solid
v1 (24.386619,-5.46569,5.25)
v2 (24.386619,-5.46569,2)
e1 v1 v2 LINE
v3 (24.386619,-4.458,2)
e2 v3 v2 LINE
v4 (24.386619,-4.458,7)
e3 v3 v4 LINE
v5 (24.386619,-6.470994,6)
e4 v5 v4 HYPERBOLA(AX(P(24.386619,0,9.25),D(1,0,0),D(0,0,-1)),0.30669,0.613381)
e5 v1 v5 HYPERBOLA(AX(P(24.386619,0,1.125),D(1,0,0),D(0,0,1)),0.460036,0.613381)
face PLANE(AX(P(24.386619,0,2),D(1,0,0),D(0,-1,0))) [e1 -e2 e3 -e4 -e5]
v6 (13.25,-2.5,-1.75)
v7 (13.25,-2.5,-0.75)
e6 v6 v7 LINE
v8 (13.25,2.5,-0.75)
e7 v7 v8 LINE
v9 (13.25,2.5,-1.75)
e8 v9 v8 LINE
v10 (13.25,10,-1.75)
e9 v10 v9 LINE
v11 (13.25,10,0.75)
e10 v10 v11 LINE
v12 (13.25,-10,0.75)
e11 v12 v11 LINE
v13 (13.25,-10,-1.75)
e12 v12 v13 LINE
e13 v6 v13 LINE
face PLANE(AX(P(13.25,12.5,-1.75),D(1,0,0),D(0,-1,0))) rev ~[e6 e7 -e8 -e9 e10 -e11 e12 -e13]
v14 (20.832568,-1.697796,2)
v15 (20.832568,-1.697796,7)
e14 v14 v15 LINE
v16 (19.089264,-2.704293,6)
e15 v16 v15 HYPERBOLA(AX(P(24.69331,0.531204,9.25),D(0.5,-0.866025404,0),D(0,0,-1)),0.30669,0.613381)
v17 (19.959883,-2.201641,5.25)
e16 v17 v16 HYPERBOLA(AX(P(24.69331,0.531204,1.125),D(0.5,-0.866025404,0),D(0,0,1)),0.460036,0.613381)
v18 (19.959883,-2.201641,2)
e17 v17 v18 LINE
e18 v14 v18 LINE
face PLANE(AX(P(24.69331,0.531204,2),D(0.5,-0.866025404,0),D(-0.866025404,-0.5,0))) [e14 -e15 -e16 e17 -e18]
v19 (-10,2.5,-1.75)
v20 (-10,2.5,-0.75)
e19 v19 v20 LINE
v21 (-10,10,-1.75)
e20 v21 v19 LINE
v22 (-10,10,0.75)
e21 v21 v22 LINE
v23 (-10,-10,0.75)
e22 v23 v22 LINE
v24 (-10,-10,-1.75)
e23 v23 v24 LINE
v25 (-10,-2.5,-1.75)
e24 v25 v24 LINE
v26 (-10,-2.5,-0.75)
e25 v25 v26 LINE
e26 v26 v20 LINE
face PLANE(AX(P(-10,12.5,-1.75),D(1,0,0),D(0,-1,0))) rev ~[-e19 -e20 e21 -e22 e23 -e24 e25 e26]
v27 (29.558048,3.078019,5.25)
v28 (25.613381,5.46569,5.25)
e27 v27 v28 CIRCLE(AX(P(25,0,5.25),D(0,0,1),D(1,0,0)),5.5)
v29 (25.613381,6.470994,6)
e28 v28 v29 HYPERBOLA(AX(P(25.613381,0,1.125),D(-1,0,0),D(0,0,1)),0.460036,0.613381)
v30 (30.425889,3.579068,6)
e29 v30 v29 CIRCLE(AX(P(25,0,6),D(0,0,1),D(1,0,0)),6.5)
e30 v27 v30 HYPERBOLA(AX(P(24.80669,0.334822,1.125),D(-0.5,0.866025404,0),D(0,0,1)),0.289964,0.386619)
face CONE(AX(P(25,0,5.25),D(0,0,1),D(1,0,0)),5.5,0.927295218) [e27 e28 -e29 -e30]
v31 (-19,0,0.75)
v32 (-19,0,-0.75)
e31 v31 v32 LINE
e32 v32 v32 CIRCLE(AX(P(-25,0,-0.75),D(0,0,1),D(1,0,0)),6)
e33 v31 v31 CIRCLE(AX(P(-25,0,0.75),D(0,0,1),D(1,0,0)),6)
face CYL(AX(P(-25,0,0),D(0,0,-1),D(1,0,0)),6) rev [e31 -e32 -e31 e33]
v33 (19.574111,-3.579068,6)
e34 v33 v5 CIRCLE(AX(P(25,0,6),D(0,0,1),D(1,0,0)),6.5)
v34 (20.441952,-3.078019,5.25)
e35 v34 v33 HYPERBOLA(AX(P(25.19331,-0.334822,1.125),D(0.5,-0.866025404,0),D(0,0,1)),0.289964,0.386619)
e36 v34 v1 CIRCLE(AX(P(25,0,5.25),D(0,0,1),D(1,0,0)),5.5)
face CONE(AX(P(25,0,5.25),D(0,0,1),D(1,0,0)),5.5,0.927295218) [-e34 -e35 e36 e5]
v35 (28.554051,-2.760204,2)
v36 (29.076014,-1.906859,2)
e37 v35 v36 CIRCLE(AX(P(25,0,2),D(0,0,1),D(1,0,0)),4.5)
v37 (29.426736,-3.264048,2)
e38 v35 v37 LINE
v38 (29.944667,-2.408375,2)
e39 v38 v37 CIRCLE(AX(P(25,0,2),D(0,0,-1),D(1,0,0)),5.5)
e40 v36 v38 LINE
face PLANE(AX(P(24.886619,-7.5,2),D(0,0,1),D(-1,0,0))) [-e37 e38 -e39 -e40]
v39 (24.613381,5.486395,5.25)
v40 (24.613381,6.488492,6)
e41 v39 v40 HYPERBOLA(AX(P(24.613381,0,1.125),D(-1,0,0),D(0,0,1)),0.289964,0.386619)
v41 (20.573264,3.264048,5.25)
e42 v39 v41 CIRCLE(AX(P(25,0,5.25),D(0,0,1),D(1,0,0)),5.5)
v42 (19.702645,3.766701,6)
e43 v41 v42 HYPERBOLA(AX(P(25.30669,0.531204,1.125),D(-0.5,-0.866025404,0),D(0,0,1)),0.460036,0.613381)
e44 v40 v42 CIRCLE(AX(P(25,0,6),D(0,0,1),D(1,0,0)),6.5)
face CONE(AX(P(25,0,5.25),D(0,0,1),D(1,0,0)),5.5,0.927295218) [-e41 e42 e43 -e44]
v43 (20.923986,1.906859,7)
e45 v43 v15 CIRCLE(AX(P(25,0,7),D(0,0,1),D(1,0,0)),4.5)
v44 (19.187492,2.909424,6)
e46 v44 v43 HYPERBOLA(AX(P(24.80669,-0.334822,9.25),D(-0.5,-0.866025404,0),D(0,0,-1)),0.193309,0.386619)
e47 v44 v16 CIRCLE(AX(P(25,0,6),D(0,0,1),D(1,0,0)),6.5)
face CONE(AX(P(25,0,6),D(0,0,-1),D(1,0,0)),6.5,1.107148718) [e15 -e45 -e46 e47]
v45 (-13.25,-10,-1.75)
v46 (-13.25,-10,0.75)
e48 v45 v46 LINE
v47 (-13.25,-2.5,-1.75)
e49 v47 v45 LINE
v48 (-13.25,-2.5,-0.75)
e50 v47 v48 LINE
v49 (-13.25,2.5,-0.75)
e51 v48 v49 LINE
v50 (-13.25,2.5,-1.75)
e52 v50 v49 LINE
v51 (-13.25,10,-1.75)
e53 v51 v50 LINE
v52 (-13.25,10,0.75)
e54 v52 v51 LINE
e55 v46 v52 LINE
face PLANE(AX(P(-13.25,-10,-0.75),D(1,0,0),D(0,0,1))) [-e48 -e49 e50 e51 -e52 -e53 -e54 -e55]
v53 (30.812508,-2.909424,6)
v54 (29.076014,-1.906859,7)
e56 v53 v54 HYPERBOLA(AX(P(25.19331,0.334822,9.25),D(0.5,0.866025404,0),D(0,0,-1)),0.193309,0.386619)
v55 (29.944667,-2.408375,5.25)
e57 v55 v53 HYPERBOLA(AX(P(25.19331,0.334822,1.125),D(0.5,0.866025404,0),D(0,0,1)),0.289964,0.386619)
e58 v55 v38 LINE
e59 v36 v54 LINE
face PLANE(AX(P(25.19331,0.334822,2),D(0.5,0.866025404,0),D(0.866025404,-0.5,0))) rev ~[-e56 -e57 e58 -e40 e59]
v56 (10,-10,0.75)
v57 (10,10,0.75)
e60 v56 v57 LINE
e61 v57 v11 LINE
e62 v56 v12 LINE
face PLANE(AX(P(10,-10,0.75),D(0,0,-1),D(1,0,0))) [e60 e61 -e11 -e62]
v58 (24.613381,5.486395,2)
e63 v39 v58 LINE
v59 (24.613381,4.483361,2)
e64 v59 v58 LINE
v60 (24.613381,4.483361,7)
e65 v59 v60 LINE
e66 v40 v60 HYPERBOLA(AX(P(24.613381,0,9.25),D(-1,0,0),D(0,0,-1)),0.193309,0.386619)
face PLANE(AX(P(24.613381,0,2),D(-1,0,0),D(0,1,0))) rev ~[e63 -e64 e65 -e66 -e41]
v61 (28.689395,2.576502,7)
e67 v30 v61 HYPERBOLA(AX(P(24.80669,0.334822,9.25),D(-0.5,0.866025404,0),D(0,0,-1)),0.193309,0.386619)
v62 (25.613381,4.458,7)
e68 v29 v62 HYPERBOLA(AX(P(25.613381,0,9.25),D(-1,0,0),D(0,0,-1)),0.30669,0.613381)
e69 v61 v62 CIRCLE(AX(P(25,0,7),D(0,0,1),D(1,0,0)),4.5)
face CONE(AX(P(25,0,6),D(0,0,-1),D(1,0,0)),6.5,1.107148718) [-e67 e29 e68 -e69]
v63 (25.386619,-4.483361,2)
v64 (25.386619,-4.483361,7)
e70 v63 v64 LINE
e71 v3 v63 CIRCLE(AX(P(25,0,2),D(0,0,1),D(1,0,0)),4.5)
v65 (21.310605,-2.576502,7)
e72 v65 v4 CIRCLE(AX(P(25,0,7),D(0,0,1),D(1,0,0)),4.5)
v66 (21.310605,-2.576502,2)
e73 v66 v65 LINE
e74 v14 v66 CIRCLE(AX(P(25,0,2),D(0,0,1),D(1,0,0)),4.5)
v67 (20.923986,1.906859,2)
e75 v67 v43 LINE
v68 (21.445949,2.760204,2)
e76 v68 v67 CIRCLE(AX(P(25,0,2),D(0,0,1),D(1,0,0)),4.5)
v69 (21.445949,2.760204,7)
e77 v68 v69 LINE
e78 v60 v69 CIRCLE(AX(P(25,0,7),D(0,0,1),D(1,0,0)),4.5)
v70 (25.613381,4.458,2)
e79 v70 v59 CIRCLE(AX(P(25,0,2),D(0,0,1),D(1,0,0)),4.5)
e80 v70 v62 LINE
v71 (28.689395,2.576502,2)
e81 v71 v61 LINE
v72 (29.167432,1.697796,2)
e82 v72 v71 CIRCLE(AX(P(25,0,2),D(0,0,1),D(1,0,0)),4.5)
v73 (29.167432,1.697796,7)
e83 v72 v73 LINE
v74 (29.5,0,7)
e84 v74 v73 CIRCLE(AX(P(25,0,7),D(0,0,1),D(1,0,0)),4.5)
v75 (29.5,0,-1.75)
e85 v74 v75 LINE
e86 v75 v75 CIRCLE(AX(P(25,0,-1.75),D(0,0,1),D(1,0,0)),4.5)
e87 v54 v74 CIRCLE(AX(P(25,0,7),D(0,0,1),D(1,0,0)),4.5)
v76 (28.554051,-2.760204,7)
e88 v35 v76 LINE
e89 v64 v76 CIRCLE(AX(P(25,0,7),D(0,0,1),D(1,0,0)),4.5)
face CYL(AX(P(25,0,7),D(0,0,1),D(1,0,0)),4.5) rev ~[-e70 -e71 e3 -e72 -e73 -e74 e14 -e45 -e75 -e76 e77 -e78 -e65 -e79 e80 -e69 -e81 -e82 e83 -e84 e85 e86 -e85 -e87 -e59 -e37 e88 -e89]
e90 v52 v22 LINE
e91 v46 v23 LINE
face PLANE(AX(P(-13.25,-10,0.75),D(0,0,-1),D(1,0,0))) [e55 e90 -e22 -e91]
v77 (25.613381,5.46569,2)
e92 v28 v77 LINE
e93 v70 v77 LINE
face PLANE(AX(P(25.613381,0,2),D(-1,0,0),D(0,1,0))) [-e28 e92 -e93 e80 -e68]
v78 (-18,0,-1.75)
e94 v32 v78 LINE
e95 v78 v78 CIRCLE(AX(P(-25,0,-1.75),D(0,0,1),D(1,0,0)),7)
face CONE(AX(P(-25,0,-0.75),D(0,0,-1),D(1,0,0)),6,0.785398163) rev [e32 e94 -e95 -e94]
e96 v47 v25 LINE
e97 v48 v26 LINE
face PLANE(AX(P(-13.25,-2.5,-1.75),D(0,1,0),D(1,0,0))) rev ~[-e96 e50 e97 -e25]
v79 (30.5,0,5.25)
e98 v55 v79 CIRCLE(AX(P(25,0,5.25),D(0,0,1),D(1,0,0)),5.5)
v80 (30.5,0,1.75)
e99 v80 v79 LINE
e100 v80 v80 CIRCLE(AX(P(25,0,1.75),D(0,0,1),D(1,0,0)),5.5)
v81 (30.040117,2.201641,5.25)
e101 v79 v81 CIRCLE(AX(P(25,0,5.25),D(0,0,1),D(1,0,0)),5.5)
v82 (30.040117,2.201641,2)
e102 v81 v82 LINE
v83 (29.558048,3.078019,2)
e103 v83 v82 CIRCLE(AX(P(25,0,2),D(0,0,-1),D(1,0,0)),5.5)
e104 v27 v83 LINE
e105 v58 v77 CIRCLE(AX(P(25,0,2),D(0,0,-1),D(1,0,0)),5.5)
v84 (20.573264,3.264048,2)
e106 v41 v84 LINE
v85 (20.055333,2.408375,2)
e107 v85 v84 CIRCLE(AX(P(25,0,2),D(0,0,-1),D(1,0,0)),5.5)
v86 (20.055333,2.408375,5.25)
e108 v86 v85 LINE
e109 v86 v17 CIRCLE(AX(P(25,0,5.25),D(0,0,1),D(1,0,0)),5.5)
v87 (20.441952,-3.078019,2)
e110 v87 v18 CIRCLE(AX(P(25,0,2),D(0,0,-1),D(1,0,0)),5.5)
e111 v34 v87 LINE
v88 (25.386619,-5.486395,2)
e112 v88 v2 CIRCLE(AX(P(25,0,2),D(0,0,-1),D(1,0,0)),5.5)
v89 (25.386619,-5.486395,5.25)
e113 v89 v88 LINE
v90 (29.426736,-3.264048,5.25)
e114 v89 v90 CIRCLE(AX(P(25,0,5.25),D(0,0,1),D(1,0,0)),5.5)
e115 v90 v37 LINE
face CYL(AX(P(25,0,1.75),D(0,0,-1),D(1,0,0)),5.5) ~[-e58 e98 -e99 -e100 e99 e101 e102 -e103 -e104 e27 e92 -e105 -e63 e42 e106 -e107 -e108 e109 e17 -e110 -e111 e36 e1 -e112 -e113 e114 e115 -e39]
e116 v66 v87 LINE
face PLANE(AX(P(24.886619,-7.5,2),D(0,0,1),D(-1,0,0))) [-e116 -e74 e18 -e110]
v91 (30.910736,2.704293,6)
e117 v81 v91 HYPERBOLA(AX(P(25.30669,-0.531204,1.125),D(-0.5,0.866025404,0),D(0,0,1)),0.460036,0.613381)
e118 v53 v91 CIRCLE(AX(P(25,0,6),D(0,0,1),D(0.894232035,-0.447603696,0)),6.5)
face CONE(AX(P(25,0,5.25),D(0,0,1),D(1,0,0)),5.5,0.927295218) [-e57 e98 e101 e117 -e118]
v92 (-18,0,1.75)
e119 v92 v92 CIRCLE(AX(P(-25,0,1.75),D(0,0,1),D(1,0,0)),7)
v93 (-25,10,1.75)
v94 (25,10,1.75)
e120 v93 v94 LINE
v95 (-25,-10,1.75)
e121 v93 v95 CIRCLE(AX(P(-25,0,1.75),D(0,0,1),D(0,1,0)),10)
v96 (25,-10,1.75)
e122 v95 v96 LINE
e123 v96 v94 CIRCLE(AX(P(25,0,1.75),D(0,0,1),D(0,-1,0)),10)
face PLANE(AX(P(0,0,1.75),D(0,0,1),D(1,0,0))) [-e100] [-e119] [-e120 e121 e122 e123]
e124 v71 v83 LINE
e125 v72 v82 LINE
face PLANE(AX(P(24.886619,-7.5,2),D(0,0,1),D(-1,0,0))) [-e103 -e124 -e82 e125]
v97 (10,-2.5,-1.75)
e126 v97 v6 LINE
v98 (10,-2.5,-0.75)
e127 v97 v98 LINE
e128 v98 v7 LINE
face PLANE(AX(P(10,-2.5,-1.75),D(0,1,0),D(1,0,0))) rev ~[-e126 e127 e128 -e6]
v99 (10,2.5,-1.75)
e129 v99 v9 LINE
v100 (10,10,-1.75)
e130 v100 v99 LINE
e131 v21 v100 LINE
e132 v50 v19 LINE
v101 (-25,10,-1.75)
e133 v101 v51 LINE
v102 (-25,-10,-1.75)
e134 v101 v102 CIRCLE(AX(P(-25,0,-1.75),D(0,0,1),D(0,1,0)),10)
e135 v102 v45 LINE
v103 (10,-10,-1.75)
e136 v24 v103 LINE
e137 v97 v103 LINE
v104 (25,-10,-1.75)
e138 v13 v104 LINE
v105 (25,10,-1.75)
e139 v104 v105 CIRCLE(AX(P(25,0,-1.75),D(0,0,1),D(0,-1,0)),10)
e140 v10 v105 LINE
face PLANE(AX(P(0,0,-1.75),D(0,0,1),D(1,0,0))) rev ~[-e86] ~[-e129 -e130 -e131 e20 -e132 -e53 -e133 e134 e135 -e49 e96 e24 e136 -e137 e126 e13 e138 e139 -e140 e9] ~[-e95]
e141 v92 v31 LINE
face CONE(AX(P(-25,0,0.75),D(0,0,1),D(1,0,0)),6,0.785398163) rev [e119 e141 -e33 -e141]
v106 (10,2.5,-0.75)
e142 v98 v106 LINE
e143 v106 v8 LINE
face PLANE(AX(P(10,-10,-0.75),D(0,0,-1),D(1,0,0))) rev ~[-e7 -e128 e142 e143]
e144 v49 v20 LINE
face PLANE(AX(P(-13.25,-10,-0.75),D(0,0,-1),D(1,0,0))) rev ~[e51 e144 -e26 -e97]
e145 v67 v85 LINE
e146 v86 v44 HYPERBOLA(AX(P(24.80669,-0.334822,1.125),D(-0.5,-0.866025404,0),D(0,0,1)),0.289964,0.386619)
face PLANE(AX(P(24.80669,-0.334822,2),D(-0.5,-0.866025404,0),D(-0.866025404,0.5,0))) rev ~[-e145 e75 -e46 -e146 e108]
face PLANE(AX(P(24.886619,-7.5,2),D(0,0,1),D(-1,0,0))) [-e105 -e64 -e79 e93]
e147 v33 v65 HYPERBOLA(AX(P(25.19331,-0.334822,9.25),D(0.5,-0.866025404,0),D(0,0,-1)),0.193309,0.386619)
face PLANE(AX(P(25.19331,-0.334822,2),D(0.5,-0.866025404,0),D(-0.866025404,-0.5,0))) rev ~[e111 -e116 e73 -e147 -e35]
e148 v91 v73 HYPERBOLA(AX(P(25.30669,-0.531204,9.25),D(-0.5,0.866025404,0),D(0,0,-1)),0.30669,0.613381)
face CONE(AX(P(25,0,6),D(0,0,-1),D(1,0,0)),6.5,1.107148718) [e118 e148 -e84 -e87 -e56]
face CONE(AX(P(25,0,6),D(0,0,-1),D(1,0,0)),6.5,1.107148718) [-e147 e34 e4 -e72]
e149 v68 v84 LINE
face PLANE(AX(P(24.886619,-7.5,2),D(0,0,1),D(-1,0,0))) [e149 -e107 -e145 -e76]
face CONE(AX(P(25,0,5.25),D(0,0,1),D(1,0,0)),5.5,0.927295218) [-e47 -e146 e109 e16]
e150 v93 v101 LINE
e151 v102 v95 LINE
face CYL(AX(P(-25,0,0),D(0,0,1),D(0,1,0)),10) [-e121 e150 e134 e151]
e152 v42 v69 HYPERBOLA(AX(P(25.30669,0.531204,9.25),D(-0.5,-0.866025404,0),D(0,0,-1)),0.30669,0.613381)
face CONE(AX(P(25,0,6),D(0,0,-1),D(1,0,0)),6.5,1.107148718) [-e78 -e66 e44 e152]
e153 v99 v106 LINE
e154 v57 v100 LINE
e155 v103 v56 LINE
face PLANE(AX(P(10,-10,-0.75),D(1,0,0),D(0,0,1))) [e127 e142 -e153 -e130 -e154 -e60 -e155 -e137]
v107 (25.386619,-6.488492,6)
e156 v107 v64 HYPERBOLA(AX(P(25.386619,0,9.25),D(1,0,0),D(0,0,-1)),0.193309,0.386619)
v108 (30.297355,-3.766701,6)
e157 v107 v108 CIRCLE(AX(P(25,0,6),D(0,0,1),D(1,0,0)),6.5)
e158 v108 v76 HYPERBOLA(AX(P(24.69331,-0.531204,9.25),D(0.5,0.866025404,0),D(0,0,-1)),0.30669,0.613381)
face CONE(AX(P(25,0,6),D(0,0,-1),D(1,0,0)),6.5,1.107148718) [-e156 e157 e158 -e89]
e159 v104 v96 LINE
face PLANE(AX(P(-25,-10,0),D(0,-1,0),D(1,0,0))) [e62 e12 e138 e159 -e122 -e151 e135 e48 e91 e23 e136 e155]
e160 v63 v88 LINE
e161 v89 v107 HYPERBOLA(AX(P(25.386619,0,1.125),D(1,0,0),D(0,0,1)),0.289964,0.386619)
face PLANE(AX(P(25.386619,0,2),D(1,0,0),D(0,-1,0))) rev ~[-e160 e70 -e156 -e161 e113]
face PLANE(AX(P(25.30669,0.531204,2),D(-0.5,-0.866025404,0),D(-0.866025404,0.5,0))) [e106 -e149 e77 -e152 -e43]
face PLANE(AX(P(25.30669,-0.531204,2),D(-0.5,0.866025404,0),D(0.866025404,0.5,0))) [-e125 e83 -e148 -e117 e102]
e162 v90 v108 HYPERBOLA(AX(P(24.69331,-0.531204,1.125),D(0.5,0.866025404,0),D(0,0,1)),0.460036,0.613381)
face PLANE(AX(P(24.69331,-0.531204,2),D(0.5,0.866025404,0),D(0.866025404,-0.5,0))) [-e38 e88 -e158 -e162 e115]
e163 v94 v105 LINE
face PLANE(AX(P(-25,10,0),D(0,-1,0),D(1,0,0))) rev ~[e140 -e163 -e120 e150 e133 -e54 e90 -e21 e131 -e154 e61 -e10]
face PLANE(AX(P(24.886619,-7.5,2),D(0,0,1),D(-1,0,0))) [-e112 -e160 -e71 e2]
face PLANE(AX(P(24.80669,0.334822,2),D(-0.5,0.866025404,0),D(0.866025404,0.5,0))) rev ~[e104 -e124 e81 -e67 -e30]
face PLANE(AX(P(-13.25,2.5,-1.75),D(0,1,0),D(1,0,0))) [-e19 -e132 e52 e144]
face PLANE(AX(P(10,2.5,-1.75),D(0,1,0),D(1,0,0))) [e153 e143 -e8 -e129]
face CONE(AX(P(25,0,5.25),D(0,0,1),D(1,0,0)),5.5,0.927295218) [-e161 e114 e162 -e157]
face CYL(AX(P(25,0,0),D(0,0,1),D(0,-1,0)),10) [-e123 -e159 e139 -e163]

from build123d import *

# Parameters (mm, degrees)
SKETCH007_W     = 1
SKETCH007_H     = 15
PAD002_DEPTH    = 10
ARRAY_COUNT     = 6
SKETCH005_R     = 6.5
SKETCH004_R     = 4.5
SKETCH003_R     = 5.5
SKETCH002_R     = 6.5
SKETCH_R        = 6
PAD_DEPTH       = 1.75
SKETCH001_R     = 5.5
PAD001_DEPTH    = 3.5
SKETCH006_R     = 4.5
POCKET_DEPTH    = 8.751
CHAMFER_SIZE    = 1
SKETCH008_W     = 3.25
SKETCH008_H     = 1.5
POCKET001_DEPTH = 20.001
SKETCH009_W     = 3.25
SKETCH009_H     = 10
POCKET002_DEPTH = 1


with BuildPart() as array:
    # Sketch007 → Pad002 (new body)
    with BuildSketch(Plane.XY.offset(2)):
        with Locations((25.113381, 7.5)):
            Rectangle(SKETCH007_W, SKETCH007_H)
    extrude(amount=PAD002_DEPTH)

    # Array: Array ×6 about axis
    array_axis = Axis((25, 0, 0), (0, 0, 1))


with BuildPart() as array_1:
    add(array.part)
    for i in range(1, ARRAY_COUNT):
        add(array.part.rotate(array_axis, i * 360 / ARRAY_COUNT))


with BuildPart() as loft001:
    # Sketch005 → Loft001 section 0
    with BuildSketch(Plane.XY.offset(6)):
        with Locations((25, 0)):
            Circle(SKETCH005_R)
    # Sketch004 → Loft001 section 1
    with BuildSketch(Plane.XY.offset(7)):
        with Locations((25, 0)):
            Circle(SKETCH004_R)
    loft(ruled=True)


with BuildPart() as loft_body:
    # Sketch003 → Loft section 0
    with BuildSketch(Plane.XY.offset(5.25)):
        with Locations((25, 0)):
            Circle(SKETCH003_R)
    # Sketch002 → Loft section 1
    with BuildSketch(Plane.XY.offset(6)):
        with Locations((25, 0)):
            Circle(SKETCH002_R)
    loft(ruled=True)


with BuildPart() as pocket002:
    # Sketch → Pad (new body, symmetric)
    with BuildSketch(Plane.XY):
        with BuildLine():
            ThreePointArc((-25, 10), (-35, 0), (-25, -10))
            Line((-25, -10), (25, -10))
            ThreePointArc((25, -10), (35, 0), (25, 10))
            Line((-25, 10), (25, 10))
        make_face()
        with Locations((-25, 0)):
            Circle(SKETCH_R, mode=Mode.SUBTRACT)
    extrude(amount=PAD_DEPTH, both=True)

    # Sketch001 → Pad001 (new body)
    with BuildSketch(Plane.XY.offset(1.75)):
        with Locations((25, 0)):
            Circle(SKETCH001_R)
    extrude(amount=PAD001_DEPTH)

    # Fusion: union Loft body
    add(loft_body.part)

    # Fusion001: union Loft001
    add(loft001.part)

    # Sketch006 → Pocket (cut, through all)
    with BuildSketch(Plane.XY.offset(7)):
        with Locations((25, 0)):
            Circle(SKETCH006_R)
    extrude(amount=-POCKET_DEPTH, mode=Mode.SUBTRACT)

    # Cut: cut Array
    add(array_1.part, mode=Mode.SUBTRACT)

    # Chamfer
    chamfer_edges = [pocket002.edges().sort_by_distance(p)[0] for p in [
        (-31, 0, 1.75),
        (-31, 0, -1.75),
    ]]
    chamfer(chamfer_edges, length=CHAMFER_SIZE)

    # Sketch008 → Pocket001 (cut, through all)
    with BuildSketch(Plane.XZ.offset(10)):
        with Locations((-11.625, 0)):
            Rectangle(SKETCH008_W, SKETCH008_H)
        with Locations((11.625, 0)):
            Rectangle(SKETCH008_W, SKETCH008_H)
    extrude(amount=-POCKET001_DEPTH, mode=Mode.SUBTRACT)

    # Sketch009 → Pocket002 (cut)
    with BuildSketch(Plane(origin=(0, 0, -1.75), x_dir=(1, 0, 0), z_dir=(0, 0, -1))):
        with Locations((-11.625, 7.5)):
            Rectangle(SKETCH009_W, SKETCH009_H)
        with Locations((-11.625, -7.5)):
            Rectangle(SKETCH009_W, SKETCH009_H)
        with Locations((11.625, 7.5)):
            Rectangle(SKETCH009_W, SKETCH009_H)
        with Locations((11.625, -7.5)):
            Rectangle(SKETCH009_W, SKETCH009_H)
    extrude(amount=-POCKET002_DEPTH, mode=Mode.SUBTRACT)


solid = pocket002.part
